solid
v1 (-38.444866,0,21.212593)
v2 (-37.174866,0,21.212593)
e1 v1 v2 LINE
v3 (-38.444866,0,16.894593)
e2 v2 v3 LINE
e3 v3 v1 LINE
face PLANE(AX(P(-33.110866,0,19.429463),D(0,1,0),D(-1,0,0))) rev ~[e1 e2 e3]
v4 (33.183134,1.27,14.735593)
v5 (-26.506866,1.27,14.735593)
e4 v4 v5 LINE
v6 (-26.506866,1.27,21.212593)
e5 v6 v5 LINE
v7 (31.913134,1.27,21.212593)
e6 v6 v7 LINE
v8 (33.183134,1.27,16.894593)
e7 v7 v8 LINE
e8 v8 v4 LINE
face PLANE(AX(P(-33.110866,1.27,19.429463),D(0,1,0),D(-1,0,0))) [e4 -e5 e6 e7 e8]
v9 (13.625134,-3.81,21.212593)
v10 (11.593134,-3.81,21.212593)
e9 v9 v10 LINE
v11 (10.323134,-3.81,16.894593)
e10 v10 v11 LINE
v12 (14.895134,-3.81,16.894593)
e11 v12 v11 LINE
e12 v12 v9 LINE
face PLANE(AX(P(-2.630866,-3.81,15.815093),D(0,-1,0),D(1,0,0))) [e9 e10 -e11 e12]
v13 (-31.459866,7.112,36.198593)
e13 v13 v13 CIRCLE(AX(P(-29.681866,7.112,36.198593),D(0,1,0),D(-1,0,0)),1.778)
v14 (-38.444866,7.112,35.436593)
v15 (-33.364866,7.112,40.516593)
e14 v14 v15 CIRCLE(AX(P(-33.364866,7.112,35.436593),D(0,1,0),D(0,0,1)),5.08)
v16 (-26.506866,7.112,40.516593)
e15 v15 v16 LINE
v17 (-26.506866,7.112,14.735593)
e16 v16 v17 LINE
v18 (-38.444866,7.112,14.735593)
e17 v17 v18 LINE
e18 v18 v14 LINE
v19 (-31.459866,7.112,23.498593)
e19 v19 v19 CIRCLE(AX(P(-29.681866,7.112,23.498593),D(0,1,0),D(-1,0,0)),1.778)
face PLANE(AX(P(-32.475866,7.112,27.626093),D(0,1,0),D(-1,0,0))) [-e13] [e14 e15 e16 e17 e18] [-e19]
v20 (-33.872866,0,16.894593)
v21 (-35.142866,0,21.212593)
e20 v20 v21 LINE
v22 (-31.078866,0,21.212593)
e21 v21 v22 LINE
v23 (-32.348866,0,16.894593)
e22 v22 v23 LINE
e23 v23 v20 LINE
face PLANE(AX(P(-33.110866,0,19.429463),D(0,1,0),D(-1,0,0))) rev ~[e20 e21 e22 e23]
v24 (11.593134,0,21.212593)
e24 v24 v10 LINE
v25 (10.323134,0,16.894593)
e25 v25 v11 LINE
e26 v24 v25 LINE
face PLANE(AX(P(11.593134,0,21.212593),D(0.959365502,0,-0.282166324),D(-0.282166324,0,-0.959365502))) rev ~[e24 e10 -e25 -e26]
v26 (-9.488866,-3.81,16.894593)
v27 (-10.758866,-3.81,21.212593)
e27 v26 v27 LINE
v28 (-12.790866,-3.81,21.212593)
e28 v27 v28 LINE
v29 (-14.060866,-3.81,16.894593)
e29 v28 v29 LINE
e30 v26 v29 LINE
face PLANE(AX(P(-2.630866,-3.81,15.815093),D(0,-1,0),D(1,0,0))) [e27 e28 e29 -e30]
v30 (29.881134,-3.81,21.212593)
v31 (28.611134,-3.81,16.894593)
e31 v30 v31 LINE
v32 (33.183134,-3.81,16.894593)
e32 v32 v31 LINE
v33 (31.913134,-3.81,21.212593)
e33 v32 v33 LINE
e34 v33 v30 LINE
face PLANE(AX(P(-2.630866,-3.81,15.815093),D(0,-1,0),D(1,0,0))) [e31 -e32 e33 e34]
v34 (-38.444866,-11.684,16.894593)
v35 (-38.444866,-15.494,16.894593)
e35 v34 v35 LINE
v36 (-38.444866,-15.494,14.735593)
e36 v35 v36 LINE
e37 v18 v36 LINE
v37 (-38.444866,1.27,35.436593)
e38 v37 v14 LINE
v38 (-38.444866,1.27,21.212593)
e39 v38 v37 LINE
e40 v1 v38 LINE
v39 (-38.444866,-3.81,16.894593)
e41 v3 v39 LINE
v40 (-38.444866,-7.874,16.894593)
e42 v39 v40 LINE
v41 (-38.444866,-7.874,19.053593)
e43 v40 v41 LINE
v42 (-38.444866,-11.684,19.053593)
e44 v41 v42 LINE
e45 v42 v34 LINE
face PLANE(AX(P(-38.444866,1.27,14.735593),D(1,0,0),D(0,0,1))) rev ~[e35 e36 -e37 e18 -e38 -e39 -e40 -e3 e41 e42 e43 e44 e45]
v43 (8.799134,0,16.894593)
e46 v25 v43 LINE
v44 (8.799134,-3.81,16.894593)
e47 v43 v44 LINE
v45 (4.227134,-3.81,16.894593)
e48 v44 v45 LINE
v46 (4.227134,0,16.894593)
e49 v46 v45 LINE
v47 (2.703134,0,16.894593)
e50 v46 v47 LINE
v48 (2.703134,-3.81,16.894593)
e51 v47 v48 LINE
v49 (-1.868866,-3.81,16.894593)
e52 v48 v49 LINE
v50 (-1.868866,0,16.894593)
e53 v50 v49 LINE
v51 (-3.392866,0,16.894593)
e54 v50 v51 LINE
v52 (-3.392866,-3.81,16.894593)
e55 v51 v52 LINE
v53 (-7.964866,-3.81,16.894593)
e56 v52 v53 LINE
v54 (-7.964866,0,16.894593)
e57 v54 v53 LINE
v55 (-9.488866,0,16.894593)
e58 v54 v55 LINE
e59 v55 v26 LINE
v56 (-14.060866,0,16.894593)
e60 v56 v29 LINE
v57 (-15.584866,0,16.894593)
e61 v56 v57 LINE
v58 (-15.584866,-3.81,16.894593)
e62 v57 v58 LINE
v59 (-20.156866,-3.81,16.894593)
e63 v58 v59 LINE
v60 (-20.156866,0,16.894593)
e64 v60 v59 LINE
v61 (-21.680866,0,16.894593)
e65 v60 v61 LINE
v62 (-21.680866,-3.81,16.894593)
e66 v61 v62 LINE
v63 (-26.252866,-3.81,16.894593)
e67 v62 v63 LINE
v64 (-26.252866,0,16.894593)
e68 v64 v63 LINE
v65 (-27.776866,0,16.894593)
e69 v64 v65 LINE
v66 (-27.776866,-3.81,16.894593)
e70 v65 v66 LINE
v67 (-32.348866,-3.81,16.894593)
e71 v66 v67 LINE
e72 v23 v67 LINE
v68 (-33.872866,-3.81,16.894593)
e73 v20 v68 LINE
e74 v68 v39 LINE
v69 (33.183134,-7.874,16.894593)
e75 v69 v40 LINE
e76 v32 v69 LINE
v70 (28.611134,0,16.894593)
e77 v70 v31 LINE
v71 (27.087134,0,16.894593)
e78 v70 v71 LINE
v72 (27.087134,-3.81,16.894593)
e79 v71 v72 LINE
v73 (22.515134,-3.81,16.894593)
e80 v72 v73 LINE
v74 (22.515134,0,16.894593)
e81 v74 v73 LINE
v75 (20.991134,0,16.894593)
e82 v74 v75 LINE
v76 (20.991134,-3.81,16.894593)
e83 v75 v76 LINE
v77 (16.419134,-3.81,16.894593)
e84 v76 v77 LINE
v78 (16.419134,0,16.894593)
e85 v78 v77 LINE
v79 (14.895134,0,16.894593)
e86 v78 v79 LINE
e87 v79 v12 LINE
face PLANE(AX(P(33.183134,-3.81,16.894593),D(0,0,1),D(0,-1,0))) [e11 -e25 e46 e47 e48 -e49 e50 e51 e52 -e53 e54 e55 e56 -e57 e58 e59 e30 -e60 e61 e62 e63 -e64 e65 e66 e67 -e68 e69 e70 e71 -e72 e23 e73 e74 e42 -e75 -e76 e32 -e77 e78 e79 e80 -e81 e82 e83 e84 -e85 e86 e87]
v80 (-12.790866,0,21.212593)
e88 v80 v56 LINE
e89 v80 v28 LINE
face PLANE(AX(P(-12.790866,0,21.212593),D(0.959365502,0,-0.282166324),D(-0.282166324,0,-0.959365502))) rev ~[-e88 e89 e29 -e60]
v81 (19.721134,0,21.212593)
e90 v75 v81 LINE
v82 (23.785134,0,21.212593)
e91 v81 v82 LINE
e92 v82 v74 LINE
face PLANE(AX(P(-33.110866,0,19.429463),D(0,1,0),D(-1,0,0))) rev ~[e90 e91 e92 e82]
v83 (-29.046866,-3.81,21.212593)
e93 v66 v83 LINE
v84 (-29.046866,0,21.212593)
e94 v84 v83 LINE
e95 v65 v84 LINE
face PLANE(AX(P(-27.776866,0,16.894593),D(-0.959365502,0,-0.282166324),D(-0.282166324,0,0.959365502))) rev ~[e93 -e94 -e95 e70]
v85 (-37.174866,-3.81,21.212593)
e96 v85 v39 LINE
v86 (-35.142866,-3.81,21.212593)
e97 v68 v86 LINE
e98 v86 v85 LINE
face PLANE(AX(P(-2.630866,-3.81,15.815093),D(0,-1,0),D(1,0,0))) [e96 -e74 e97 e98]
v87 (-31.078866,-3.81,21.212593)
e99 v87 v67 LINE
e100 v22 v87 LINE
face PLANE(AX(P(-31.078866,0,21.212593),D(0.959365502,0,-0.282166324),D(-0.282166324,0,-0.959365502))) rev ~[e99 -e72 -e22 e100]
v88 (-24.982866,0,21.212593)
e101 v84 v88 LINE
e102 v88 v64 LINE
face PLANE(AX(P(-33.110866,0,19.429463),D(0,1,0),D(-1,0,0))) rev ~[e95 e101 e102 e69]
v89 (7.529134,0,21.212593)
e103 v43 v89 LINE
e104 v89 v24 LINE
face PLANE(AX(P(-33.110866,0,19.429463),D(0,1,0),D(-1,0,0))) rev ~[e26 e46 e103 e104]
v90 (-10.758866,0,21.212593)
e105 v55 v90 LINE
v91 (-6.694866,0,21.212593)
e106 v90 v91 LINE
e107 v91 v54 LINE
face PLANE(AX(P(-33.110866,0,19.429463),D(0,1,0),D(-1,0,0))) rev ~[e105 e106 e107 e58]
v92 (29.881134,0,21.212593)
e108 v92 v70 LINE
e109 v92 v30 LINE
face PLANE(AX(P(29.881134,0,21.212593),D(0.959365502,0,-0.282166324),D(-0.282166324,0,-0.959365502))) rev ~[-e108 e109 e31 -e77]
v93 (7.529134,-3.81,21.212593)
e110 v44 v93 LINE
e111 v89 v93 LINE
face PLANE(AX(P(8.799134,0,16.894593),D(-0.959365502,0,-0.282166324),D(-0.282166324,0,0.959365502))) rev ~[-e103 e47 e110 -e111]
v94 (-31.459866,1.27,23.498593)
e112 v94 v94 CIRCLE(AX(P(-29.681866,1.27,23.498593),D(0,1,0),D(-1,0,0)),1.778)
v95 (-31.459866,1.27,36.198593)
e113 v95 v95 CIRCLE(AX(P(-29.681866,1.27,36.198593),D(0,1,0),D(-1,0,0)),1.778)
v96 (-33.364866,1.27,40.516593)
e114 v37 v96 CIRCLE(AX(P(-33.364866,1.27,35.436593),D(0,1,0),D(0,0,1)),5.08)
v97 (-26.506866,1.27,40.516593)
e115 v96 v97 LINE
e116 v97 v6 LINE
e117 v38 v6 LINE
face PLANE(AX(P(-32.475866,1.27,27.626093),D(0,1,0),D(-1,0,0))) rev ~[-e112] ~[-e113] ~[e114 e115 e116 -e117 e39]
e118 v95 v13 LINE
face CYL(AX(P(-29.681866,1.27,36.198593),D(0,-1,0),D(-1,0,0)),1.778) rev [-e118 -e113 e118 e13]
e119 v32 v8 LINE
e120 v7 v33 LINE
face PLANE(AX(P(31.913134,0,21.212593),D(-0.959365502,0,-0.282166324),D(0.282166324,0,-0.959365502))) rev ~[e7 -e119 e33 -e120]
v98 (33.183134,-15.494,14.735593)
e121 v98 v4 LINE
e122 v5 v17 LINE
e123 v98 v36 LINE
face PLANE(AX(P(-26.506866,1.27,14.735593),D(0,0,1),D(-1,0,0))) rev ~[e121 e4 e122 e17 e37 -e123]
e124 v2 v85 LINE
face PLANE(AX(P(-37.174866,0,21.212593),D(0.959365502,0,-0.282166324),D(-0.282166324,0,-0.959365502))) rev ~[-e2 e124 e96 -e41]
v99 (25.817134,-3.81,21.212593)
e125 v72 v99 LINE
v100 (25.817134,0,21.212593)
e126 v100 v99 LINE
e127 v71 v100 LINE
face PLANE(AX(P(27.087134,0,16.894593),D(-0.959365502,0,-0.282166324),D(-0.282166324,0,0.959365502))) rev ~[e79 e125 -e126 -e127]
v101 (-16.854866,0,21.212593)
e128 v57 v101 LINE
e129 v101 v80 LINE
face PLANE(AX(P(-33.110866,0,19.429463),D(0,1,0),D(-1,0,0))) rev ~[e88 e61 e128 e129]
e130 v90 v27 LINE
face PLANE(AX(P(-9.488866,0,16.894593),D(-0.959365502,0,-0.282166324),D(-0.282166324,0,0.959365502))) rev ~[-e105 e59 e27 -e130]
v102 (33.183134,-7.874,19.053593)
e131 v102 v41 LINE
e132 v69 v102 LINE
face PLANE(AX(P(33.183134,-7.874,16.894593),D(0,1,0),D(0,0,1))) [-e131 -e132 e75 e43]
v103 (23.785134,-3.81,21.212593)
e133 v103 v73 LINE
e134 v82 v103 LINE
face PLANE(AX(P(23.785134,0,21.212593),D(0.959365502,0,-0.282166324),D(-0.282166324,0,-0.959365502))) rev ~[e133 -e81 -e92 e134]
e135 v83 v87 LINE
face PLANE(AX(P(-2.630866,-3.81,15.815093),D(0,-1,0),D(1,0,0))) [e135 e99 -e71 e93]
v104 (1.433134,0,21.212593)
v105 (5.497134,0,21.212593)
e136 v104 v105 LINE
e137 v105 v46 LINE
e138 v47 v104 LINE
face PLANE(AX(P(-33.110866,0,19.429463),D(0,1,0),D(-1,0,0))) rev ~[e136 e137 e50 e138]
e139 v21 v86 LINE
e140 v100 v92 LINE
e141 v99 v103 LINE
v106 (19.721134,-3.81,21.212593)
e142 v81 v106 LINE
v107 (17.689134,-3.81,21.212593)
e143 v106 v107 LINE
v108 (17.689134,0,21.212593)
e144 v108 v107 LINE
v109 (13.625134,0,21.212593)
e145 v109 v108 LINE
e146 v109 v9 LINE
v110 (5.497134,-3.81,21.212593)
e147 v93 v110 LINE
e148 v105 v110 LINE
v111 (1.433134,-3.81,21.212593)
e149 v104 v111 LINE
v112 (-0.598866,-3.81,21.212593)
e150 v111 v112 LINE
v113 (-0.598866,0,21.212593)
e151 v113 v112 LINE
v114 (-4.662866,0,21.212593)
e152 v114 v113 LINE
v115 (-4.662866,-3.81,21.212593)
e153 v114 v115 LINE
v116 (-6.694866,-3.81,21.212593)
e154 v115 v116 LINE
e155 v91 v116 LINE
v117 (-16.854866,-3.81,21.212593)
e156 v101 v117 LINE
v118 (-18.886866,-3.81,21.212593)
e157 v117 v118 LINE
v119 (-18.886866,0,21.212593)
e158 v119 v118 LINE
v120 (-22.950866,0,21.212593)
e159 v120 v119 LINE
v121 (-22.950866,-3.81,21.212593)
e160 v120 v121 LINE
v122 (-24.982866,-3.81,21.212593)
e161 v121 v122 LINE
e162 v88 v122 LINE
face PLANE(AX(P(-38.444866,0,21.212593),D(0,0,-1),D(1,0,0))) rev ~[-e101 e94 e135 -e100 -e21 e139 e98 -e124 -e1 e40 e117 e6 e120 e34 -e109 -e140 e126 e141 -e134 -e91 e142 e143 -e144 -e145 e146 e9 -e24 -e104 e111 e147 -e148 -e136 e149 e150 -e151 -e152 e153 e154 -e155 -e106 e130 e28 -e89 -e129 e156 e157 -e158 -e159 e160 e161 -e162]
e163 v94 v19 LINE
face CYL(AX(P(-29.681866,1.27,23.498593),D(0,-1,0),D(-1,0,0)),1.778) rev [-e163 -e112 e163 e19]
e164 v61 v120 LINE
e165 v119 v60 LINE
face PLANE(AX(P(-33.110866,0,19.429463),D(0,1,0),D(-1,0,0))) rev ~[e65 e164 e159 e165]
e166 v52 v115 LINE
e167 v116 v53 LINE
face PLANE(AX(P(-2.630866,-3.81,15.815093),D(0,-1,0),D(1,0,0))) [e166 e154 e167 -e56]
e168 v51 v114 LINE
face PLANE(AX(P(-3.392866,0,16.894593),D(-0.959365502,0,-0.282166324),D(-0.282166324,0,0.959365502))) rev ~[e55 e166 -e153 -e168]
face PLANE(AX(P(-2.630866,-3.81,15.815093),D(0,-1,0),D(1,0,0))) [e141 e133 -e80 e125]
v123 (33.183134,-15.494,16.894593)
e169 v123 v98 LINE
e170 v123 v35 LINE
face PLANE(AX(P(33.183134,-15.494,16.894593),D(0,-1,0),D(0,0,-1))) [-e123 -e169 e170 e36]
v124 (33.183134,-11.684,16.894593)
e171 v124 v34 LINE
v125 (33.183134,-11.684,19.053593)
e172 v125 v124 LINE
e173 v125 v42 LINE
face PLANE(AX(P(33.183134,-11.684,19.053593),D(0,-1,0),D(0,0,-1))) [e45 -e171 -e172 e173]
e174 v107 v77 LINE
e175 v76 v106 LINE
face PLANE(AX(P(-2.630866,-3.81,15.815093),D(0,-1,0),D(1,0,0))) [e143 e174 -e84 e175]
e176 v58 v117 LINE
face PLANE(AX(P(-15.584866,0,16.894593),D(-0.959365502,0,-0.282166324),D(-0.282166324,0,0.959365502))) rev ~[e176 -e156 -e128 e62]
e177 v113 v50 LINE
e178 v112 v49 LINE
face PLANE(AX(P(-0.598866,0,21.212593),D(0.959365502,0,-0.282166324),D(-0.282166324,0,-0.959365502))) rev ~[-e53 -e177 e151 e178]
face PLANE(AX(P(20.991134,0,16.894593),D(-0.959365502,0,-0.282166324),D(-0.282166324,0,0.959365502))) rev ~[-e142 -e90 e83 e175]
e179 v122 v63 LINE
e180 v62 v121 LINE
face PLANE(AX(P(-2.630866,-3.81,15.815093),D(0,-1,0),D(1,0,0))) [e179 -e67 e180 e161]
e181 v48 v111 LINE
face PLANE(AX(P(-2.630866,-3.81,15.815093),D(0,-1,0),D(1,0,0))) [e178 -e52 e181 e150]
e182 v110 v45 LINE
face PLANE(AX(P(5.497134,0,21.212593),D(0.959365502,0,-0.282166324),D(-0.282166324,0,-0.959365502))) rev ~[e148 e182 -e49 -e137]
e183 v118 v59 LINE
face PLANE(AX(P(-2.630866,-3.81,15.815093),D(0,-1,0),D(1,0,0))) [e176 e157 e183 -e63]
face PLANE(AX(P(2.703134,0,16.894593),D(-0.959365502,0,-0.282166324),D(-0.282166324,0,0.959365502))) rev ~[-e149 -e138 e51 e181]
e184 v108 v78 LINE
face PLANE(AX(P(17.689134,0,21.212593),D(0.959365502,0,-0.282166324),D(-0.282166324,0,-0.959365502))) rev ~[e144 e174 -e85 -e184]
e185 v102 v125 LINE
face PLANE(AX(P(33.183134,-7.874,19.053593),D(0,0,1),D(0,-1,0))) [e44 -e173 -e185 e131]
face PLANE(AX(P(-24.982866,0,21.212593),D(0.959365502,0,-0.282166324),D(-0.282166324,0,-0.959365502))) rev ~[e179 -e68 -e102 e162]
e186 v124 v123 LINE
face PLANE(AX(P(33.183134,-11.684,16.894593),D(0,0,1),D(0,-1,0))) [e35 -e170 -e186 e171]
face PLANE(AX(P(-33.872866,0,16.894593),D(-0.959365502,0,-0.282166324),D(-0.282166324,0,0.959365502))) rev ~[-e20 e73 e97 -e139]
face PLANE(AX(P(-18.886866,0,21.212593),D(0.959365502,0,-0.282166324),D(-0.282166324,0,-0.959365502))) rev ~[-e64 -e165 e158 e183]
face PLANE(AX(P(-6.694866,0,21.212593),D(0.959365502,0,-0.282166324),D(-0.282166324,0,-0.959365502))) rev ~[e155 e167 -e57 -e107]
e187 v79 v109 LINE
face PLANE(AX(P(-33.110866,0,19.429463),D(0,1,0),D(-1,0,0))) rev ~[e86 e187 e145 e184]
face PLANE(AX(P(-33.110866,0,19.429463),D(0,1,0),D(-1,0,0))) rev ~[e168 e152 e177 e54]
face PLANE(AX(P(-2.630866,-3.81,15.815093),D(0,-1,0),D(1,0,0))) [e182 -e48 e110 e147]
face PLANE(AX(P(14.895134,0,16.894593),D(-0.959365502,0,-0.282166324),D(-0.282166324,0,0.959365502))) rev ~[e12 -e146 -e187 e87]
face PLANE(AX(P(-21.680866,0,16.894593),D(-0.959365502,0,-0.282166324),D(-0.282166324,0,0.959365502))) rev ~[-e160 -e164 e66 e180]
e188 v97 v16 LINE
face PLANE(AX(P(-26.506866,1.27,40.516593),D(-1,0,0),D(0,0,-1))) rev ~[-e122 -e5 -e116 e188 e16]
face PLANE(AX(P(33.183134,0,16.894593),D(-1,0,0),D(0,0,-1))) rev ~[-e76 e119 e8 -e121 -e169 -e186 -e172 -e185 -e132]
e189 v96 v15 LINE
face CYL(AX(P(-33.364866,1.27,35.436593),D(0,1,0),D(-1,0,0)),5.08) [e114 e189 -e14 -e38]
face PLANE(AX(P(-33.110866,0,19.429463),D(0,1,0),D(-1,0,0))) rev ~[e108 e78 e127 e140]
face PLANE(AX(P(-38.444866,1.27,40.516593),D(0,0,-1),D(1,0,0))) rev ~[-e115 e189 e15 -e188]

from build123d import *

# Parameters (mm, degrees)
F1_DEPTH = 3.81
F4_DEPTH = 71.628
F6_DEPTH = 1.27
F7_R     = 1.778
F8_DEPTH = 5.842
F9_R     = 5.08


with BuildPart() as f1:
    # F0 (on Front) → F1 (new body)
    with BuildSketch(Plane.XZ):
        Polygon((-38.4448663006, 16.8945933835), (-38.4448663006, 14.7355933835), (33.1831336994, 14.7355933835), (33.1831336994, 16.8945933835), (28.6111336994, 16.8945933835), (27.0871336994, 16.8945933835), (22.5151336994, 16.8945933835), (20.9911336994, 16.8945933835), (16.4191336994, 16.8945933835), (14.8951336994, 16.8945933835), (10.3231336994, 16.8945933835), (8.7991336994, 16.8945933835), (4.2271336994, 16.8945933835), (2.7031336994, 16.8945933835), (-1.8688663006, 16.8945933835), (-3.3928663006, 16.8945933835), (-7.9648663006, 16.8945933835), (-9.4888663006, 16.8945933835), (-14.0608663006, 16.8945933835), (-15.5848663006, 16.8945933835), (-20.1568663006, 16.8945933835), (-21.6808663006, 16.8945933835), (-26.2528663006, 16.8945933835), (-27.7768663006, 16.8945933835), (-32.3488663006, 16.8945933835), (-33.8728663006, 16.8945933835), align=None)
        Polygon((-37.1748663006, 21.2125933835), (-38.4448663006, 16.8945933835), (-33.8728663006, 16.8945933835), (-35.1428663006, 21.2125933835), align=None)
        Polygon((28.6111336994, 16.8945933835), (33.1831336994, 16.8945933835), (31.9131336994, 21.2125933835), (29.8811336994, 21.2125933835), align=None)
        Polygon((-31.0788663006, 21.2125933835), (-32.3488663006, 16.8945933835), (-27.7768663006, 16.8945933835), (-29.0468663006, 21.2125933835), align=None)
        Polygon((22.5151336994, 16.8945933835), (27.0871336994, 16.8945933835), (25.8171336994, 21.2125933835), (23.7851336994, 21.2125933835), align=None)
        Polygon((-24.9828663006, 21.2125933835), (-26.2528663006, 16.8945933835), (-21.6808663006, 16.8945933835), (-22.9508663006, 21.2125933835), align=None)
        Polygon((16.4191336994, 16.8945933835), (20.9911336994, 16.8945933835), (19.7211336994, 21.2125933835), (17.6891336994, 21.2125933835), align=None)
        Polygon((-18.8868663006, 21.2125933835), (-20.1568663006, 16.8945933835), (-15.5848663006, 16.8945933835), (-16.8548663006, 21.2125933835), align=None)
        Polygon((10.3231336994, 16.8945933835), (14.8951336994, 16.8945933835), (13.6251336994, 21.2125933835), (11.5931336994, 21.2125933835), align=None)
        Polygon((-12.7908663006, 21.2125933835), (-14.0608663006, 16.8945933835), (-9.4888663006, 16.8945933835), (-10.7588663006, 21.2125933835), align=None)
        Polygon((4.2271336994, 16.8945933835), (8.7991336994, 16.8945933835), (7.5291336994, 21.2125933835), (5.4971336994, 21.2125933835), align=None)
        Polygon((-6.6948663006, 21.2125933835), (-7.9648663006, 16.8945933835), (-3.3928663006, 16.8945933835), (-4.6628663006, 21.2125933835), align=None)
        Polygon((-1.8688663006, 16.8945933835), (2.7031336994, 16.8945933835), (1.4331336994, 21.2125933835), (-0.5988663006, 21.2125933835), align=None)
    extrude(amount=F1_DEPTH)

    # F3 (on plane+point) → F4 (join, through all)
    with BuildSketch(Plane.YZ.offset(33.1831336994)):
        Polygon((-15.494, 14.7355933835), (-3.81, 14.7355933835), (-3.81, 16.8945933835), (-7.874, 16.8945933835), (-7.874, 19.0535933835), (-11.684, 19.0535933835), (-11.684, 16.8945933835), (-15.494, 16.8945933835), align=None)
    extrude(amount=-F4_DEPTH)

    # F5 (on face) → F6 (join)
    with BuildSketch(Plane(origin=(0, 0, 0), x_dir=(-1, 0, 0), z_dir=(0, 1, 0))):
        Polygon((33.8728663006, 16.8945933835), (35.1428663006, 21.2125933835), (31.0788663006, 21.2125933835), (32.3488663006, 16.8945933835), align=None)
        Polygon((27.7768663006, 16.8945933835), (29.0468663006, 21.2125933835), (24.9828663006, 21.2125933835), (26.2528663006, 16.8945933835), align=None)
        Polygon((21.6808663006, 16.8945933835), (22.9508663006, 21.2125933835), (18.8868663006, 21.2125933835), (20.1568663006, 16.8945933835), align=None)
        Polygon((15.5848663006, 16.8945933835), (16.8548663006, 21.2125933835), (12.7908663006, 21.2125933835), (14.0608663006, 16.8945933835), align=None)
        Polygon((9.4888663006, 16.8945933835), (10.7588663006, 21.2125933835), (6.6948663006, 21.2125933835), (7.9648663006, 16.8945933835), align=None)
        Polygon((3.3928663006, 16.8945933835), (4.6628663006, 21.2125933835), (0.5988663006, 21.2125933835), (1.8688663006, 16.8945933835), align=None)
        Polygon((-1.4331336994, 21.2125933835), (-5.4971336994, 21.2125933835), (-4.2271336994, 16.8945933835), (-2.7031336994, 16.8945933835), align=None)
        Polygon((-7.5291336994, 21.2125933835), (-11.5931336994, 21.2125933835), (-10.3231336994, 16.8945933835), (-8.7991336994, 16.8945933835), align=None)
        Polygon((-13.6251336994, 21.2125933835), (-17.6891336994, 21.2125933835), (-16.4191336994, 16.8945933835), (-14.8951336994, 16.8945933835), align=None)
        Polygon((-19.7211336994, 21.2125933835), (-23.7851336994, 21.2125933835), (-22.5151336994, 16.8945933835), (-20.9911336994, 16.8945933835), align=None)
        Polygon((-25.8171336994, 21.2125933835), (-29.8811336994, 21.2125933835), (-28.6111336994, 16.8945933835), (-27.0871336994, 16.8945933835), align=None)
        Polygon((-33.1831336994, 14.7355933835), (38.4448663006, 14.7355933835), (38.4448663006, 16.8945933835), (37.1748663006, 21.2125933835), (35.1428663006, 21.2125933835), (33.8728663006, 16.8945933835), (32.3488663006, 16.8945933835), (31.0788663006, 21.2125933835), (29.0468663006, 21.2125933835), (27.7768663006, 16.8945933835), (26.2528663006, 16.8945933835), (24.9828663006, 21.2125933835), (22.9508663006, 21.2125933835), (21.6808663006, 16.8945933835), (20.1568663006, 16.8945933835), (18.8868663006, 21.2125933835), (16.8548663006, 21.2125933835), (15.5848663006, 16.8945933835), (14.0608663006, 16.8945933835), (12.7908663006, 21.2125933835), (10.7588663006, 21.2125933835), (9.4888663006, 16.8945933835), (7.9648663006, 16.8945933835), (6.6948663006, 21.2125933835), (4.6628663006, 21.2125933835), (3.3928663006, 16.8945933835), (1.8688663006, 16.8945933835), (0.5988663006, 21.2125933835), (-1.4331336994, 21.2125933835), (-2.7031336994, 16.8945933835), (-4.2271336994, 16.8945933835), (-5.4971336994, 21.2125933835), (-7.5291336994, 21.2125933835), (-8.7991336994, 16.8945933835), (-10.3231336994, 16.8945933835), (-11.5931336994, 21.2125933835), (-13.6251336994, 21.2125933835), (-14.8951336994, 16.8945933835), (-16.4191336994, 16.8945933835), (-17.6891336994, 21.2125933835), (-19.7211336994, 21.2125933835), (-20.9911336994, 16.8945933835), (-22.5151336994, 16.8945933835), (-23.7851336994, 21.2125933835), (-25.8171336994, 21.2125933835), (-27.0871336994, 16.8945933835), (-28.6111336994, 16.8945933835), (-29.8811336994, 21.2125933835), (-31.9131336994, 21.2125933835), (-33.1831336994, 16.8945933835), align=None)
        Polygon((37.1748663006, 21.2125933835), (38.4448663006, 16.8945933835), (38.4448663006, 21.2125933835), align=None)
    extrude(amount=F6_DEPTH)

    # F7 (on face) → F8 (join)
    with BuildSketch(Plane(origin=(0, 1.27, 0), x_dir=(-1, 0, 0), z_dir=(0, 1, 0))):
        Polygon((38.4448663006, 14.7355933835), (38.4448663006, 21.2125933835), (38.4448663006, 40.5165933835), (26.5068663006, 40.5165933835), (26.5068663006, 14.7355933835), align=None)
        with Locations((29.6818663006, 23.4985933835)):
            Circle(F7_R, mode=Mode.SUBTRACT)
        with Locations((29.6818663006, 36.1985933835)):
            Circle(F7_R, mode=Mode.SUBTRACT)
    extrude(amount=F8_DEPTH)

    # F9
    f9_edges = [f1.edges().sort_by_distance(p)[0] for p in [
        (-38.444866, 4.191, 40.516593),
    ]]
    fillet(f9_edges, radius=F9_R)


solid = f1.part
